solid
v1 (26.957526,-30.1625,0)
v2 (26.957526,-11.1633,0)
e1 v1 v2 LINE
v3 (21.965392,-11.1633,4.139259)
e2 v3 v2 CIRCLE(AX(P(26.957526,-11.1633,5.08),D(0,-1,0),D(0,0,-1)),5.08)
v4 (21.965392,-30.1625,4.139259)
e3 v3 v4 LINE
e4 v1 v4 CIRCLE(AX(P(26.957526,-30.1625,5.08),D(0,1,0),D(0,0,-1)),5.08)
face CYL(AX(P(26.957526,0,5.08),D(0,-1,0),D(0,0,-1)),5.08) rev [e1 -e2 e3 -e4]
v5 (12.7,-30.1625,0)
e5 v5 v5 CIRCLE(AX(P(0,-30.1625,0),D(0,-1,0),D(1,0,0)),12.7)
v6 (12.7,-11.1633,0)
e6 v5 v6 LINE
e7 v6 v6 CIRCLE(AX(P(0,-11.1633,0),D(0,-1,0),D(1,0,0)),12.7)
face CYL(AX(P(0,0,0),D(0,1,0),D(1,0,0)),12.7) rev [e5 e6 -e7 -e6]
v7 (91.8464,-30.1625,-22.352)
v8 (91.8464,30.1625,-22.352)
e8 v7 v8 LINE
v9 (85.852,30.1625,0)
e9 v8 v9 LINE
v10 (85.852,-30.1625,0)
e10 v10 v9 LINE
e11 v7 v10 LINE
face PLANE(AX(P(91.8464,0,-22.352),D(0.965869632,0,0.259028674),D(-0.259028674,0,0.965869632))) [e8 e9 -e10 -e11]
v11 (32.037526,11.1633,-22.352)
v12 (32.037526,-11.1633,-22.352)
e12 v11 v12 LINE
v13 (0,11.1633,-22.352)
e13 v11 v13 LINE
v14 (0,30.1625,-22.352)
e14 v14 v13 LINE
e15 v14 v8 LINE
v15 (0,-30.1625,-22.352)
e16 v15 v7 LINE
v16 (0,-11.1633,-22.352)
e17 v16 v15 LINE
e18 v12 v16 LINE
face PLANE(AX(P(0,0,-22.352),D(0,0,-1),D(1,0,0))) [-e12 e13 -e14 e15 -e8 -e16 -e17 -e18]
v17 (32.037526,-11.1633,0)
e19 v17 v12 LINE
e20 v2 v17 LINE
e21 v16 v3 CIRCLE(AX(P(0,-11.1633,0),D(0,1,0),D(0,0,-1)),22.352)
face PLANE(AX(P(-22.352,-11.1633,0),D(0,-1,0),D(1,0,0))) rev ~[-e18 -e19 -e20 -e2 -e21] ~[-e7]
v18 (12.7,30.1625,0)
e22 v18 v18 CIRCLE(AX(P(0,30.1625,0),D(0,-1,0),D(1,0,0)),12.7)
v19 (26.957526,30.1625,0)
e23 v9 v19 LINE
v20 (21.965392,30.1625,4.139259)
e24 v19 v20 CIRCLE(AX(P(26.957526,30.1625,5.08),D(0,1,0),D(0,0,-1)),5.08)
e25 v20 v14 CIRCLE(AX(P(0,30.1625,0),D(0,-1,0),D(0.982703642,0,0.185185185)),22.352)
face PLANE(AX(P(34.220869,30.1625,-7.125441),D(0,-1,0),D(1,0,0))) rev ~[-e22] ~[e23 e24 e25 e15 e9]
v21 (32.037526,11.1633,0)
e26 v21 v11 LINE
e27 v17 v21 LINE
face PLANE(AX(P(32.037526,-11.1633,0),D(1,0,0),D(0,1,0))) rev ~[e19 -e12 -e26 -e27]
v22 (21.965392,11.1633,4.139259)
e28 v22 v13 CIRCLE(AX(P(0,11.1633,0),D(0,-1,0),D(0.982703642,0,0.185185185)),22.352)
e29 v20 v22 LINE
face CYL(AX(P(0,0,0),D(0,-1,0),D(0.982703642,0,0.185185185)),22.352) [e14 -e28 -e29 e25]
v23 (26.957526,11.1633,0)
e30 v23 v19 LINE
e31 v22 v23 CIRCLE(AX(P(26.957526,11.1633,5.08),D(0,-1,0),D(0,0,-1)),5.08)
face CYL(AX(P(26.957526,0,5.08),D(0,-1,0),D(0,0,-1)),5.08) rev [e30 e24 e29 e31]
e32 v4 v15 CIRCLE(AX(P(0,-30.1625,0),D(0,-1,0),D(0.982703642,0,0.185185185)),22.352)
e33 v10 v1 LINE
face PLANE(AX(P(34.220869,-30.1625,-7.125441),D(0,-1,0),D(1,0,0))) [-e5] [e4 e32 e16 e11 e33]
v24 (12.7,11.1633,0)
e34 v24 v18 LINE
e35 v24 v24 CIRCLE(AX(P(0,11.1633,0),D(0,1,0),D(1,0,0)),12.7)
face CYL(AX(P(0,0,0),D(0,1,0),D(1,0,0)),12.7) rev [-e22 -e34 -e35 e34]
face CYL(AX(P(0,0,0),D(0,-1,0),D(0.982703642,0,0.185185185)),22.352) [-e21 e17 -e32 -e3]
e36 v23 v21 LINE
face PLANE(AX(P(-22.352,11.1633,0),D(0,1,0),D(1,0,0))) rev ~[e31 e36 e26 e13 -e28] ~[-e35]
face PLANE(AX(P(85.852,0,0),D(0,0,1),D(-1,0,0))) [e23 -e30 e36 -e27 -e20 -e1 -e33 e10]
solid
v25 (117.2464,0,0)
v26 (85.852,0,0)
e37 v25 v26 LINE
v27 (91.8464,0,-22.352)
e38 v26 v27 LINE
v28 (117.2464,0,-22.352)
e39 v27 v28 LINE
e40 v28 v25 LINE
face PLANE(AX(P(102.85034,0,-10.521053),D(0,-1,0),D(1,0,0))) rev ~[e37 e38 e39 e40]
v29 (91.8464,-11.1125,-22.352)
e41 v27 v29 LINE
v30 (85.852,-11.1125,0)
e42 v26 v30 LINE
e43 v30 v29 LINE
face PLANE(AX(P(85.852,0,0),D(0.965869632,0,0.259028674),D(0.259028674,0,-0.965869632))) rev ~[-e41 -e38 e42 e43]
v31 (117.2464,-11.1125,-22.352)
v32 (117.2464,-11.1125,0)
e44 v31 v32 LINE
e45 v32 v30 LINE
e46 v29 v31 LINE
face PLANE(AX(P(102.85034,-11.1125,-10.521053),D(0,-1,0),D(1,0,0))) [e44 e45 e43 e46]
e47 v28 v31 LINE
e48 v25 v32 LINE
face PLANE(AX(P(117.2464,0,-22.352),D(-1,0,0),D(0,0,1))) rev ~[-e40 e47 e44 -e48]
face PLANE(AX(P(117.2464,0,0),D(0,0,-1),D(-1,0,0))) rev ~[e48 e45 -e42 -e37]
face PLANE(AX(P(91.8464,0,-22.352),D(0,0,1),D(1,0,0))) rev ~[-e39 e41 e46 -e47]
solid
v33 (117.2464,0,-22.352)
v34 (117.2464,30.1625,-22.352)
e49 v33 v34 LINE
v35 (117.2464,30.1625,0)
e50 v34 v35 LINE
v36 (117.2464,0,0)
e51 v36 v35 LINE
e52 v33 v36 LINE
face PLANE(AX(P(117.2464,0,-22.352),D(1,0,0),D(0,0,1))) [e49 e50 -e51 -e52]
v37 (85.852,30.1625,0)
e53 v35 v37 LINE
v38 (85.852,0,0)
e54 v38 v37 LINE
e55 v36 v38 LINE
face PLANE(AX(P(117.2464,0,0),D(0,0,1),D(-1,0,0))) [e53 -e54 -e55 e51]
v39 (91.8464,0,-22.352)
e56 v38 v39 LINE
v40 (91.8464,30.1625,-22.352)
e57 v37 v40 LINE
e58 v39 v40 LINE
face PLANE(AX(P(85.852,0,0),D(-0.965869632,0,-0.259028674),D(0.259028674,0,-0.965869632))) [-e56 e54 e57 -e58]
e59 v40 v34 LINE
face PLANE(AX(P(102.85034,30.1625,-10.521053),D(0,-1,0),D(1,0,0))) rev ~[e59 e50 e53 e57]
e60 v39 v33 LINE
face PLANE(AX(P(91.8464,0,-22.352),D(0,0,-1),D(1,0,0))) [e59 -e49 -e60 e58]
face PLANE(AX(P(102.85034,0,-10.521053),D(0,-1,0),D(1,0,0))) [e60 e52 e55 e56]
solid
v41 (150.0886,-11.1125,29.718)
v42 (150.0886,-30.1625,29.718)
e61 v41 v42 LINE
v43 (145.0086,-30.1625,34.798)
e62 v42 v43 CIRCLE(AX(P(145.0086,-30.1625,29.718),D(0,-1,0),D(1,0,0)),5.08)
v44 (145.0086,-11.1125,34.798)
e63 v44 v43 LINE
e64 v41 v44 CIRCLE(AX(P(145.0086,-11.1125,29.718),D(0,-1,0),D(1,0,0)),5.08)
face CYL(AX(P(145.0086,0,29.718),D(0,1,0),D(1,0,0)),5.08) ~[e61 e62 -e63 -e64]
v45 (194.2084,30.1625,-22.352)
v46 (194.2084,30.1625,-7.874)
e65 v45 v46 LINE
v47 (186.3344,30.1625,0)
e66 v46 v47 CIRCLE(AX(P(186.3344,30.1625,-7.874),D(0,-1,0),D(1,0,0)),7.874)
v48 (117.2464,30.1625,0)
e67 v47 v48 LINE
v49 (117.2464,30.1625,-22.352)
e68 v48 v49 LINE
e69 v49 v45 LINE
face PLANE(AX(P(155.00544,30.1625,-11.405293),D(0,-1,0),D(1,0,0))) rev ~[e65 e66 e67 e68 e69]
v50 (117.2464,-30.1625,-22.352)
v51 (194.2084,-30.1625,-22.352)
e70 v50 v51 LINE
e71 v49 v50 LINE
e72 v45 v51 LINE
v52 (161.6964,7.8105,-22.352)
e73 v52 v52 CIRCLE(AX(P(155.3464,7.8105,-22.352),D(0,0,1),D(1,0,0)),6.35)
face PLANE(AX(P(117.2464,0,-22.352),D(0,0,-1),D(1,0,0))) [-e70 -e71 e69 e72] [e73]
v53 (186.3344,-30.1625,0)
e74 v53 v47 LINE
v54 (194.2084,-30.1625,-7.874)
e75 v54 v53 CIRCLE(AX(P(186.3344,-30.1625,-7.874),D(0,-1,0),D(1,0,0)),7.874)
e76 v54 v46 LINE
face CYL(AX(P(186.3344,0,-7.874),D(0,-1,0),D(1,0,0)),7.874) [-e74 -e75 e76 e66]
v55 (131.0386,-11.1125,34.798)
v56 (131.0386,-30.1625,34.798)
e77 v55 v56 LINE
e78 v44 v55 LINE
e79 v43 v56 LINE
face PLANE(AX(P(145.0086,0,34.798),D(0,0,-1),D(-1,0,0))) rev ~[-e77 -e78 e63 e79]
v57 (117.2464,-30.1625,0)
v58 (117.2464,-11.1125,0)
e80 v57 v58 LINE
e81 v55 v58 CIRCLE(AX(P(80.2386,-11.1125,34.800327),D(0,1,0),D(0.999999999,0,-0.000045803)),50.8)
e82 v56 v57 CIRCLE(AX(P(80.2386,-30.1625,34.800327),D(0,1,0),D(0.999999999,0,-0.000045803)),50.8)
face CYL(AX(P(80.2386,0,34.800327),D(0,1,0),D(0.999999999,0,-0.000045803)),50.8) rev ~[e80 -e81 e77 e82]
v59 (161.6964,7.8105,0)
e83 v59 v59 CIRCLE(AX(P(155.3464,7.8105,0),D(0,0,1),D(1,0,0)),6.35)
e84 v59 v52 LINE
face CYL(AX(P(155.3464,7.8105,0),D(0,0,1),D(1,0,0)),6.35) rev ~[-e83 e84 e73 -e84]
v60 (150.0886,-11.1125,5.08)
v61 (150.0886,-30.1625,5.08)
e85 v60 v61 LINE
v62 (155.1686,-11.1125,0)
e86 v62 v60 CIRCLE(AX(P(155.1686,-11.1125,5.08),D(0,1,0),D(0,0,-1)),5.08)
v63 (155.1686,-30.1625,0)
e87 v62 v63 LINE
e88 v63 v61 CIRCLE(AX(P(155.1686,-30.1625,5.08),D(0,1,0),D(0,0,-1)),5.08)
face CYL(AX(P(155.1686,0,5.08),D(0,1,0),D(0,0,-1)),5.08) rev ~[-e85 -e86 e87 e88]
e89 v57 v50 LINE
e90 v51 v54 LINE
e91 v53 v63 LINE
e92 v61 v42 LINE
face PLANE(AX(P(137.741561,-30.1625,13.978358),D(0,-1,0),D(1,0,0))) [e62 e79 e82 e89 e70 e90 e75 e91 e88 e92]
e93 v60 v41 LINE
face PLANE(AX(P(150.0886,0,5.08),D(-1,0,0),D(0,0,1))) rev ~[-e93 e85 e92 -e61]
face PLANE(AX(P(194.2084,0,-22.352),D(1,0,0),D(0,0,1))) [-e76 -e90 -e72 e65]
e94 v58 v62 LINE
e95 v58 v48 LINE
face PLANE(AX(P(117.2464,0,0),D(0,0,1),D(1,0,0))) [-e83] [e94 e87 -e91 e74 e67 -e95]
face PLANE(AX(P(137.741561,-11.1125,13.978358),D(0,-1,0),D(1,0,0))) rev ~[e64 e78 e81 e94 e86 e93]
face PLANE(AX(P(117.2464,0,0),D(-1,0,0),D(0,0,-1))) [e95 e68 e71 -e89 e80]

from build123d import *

# Parameters (mm, degrees)
F0_R          = 12.7
F1_DEPTH      = 30.1625
F2_DEPTH      = 30.1625
F3_DEPTH      = 11.1125
F4_DEPTH      = 30.1625
F5_DEPTH      = 11.1125
F6_W          = 54.389526296
F6_H          = 22.3266
F7_DEPTH      = 22.353
F7_DEPTH_BACK = 34.799
F6_R          = 6.35
F8_DEPTH      = 22.353


with BuildPart() as f1:
    # F0 (on Front) → F1 (new body, symmetric)
    with BuildSketch(Plane.XZ):
        with BuildLine():
            ThreePointArc((26.957526296, 0), (23.7150398244, 1.1694141767), (21.9653917967, 4.1392592593))
            ThreePointArc((21.9653917967, 4.1392592593), (-17.2065776226, 14.266940475), (0, -22.352))
            Line((0, -22.352), (91.8464, -22.352))
            Line((91.8464, -22.352), (85.852, 0))
            Line((85.852, 0), (26.957526296, 0))
        make_face()
        Circle(F0_R, mode=Mode.SUBTRACT)
    extrude(amount=F1_DEPTH, both=True)

    # F6 (on Top) → F7 (cut, two sides)
    with BuildSketch(Plane.XY) as f7_sk:
        with Locations((4.842763148, 0)):
            Rectangle(F6_W, F6_H)
    extrude(amount=-F7_DEPTH, mode=Mode.SUBTRACT)
    extrude(f7_sk.sketch, amount=F7_DEPTH_BACK, mode=Mode.SUBTRACT)


with BuildPart() as f1b:
    # F0 (on Front) → F1, piece 2 (new body, symmetric)
    with BuildSketch(Plane.XZ):
        with BuildLine():
            Line((117.2464, 0), (117.2464, -22.352))
            Line((117.2464, -22.352), (194.2084, -22.352))
            Line((194.2084, -22.352), (194.2084, -7.874))
            ThreePointArc((194.2084, -7.874), (191.9021587951, -2.3062412049), (186.3344, 0))
            Line((186.3344, 0), (155.1686, 0))
            Line((155.1686, 0), (117.2464, 0))
        make_face()
    extrude(amount=F1_DEPTH, both=True)

    # F0 (on Front) → F4 (join, through all)
    with BuildSketch(Plane.XZ):
        with BuildLine():
            ThreePointArc((131.0386, 34.798), (127.4644153616, 16.0823576341), (117.2464, 0))
            Line((117.2464, 0), (155.1686, 0))
            ThreePointArc((155.1686, 0), (151.5764975516, 1.4878975516), (150.0886, 5.08))
            Line((150.0886, 5.08), (150.0886, 29.718))
            ThreePointArc((150.0886, 29.718), (148.6007024484, 33.3101024484), (145.0086, 34.798))
            Line((145.0086, 34.798), (131.0386, 34.798))
        make_face()
    extrude(amount=F4_DEPTH)

    # F0 (on Front) → F5 (cut, through all)
    with BuildSketch(Plane.XZ):
        with BuildLine():
            ThreePointArc((131.0386, 34.798), (127.4644153616, 16.0823576341), (117.2464, 0))
            Line((117.2464, 0), (155.1686, 0))
            ThreePointArc((155.1686, 0), (151.5764975516, 1.4878975516), (150.0886, 5.08))
            Line((150.0886, 5.08), (150.0886, 29.718))
            ThreePointArc((150.0886, 29.718), (148.6007024484, 33.3101024484), (145.0086, 34.798))
            Line((145.0086, 34.798), (131.0386, 34.798))
        make_face()
    extrude(amount=F5_DEPTH, mode=Mode.SUBTRACT)

    # F6 (on Top) → F8 (cut, through all)
    with BuildSketch(Plane.XY):
        with Locations((155.3464, 7.8105)):
            Circle(F6_R)
    extrude(amount=-F8_DEPTH, mode=Mode.SUBTRACT)


with BuildPart() as f2:
    # F0 (on Front) → F2 (new body)
    with BuildSketch(Plane.XZ):
        Polygon((85.852, 0), (91.8464, -22.352), (117.2464, -22.352), (117.2464, 0), align=None)
    extrude(amount=-F2_DEPTH)


with BuildPart() as f3:
    # F0 (on Front) → F3 (new body)
    with BuildSketch(Plane.XZ):
        Polygon((85.852, 0), (91.8464, -22.352), (117.2464, -22.352), (117.2464, 0), align=None)
    extrude(amount=F3_DEPTH)


solid = Compound([f1.part, f1b.part, f2.part, f3.part])
